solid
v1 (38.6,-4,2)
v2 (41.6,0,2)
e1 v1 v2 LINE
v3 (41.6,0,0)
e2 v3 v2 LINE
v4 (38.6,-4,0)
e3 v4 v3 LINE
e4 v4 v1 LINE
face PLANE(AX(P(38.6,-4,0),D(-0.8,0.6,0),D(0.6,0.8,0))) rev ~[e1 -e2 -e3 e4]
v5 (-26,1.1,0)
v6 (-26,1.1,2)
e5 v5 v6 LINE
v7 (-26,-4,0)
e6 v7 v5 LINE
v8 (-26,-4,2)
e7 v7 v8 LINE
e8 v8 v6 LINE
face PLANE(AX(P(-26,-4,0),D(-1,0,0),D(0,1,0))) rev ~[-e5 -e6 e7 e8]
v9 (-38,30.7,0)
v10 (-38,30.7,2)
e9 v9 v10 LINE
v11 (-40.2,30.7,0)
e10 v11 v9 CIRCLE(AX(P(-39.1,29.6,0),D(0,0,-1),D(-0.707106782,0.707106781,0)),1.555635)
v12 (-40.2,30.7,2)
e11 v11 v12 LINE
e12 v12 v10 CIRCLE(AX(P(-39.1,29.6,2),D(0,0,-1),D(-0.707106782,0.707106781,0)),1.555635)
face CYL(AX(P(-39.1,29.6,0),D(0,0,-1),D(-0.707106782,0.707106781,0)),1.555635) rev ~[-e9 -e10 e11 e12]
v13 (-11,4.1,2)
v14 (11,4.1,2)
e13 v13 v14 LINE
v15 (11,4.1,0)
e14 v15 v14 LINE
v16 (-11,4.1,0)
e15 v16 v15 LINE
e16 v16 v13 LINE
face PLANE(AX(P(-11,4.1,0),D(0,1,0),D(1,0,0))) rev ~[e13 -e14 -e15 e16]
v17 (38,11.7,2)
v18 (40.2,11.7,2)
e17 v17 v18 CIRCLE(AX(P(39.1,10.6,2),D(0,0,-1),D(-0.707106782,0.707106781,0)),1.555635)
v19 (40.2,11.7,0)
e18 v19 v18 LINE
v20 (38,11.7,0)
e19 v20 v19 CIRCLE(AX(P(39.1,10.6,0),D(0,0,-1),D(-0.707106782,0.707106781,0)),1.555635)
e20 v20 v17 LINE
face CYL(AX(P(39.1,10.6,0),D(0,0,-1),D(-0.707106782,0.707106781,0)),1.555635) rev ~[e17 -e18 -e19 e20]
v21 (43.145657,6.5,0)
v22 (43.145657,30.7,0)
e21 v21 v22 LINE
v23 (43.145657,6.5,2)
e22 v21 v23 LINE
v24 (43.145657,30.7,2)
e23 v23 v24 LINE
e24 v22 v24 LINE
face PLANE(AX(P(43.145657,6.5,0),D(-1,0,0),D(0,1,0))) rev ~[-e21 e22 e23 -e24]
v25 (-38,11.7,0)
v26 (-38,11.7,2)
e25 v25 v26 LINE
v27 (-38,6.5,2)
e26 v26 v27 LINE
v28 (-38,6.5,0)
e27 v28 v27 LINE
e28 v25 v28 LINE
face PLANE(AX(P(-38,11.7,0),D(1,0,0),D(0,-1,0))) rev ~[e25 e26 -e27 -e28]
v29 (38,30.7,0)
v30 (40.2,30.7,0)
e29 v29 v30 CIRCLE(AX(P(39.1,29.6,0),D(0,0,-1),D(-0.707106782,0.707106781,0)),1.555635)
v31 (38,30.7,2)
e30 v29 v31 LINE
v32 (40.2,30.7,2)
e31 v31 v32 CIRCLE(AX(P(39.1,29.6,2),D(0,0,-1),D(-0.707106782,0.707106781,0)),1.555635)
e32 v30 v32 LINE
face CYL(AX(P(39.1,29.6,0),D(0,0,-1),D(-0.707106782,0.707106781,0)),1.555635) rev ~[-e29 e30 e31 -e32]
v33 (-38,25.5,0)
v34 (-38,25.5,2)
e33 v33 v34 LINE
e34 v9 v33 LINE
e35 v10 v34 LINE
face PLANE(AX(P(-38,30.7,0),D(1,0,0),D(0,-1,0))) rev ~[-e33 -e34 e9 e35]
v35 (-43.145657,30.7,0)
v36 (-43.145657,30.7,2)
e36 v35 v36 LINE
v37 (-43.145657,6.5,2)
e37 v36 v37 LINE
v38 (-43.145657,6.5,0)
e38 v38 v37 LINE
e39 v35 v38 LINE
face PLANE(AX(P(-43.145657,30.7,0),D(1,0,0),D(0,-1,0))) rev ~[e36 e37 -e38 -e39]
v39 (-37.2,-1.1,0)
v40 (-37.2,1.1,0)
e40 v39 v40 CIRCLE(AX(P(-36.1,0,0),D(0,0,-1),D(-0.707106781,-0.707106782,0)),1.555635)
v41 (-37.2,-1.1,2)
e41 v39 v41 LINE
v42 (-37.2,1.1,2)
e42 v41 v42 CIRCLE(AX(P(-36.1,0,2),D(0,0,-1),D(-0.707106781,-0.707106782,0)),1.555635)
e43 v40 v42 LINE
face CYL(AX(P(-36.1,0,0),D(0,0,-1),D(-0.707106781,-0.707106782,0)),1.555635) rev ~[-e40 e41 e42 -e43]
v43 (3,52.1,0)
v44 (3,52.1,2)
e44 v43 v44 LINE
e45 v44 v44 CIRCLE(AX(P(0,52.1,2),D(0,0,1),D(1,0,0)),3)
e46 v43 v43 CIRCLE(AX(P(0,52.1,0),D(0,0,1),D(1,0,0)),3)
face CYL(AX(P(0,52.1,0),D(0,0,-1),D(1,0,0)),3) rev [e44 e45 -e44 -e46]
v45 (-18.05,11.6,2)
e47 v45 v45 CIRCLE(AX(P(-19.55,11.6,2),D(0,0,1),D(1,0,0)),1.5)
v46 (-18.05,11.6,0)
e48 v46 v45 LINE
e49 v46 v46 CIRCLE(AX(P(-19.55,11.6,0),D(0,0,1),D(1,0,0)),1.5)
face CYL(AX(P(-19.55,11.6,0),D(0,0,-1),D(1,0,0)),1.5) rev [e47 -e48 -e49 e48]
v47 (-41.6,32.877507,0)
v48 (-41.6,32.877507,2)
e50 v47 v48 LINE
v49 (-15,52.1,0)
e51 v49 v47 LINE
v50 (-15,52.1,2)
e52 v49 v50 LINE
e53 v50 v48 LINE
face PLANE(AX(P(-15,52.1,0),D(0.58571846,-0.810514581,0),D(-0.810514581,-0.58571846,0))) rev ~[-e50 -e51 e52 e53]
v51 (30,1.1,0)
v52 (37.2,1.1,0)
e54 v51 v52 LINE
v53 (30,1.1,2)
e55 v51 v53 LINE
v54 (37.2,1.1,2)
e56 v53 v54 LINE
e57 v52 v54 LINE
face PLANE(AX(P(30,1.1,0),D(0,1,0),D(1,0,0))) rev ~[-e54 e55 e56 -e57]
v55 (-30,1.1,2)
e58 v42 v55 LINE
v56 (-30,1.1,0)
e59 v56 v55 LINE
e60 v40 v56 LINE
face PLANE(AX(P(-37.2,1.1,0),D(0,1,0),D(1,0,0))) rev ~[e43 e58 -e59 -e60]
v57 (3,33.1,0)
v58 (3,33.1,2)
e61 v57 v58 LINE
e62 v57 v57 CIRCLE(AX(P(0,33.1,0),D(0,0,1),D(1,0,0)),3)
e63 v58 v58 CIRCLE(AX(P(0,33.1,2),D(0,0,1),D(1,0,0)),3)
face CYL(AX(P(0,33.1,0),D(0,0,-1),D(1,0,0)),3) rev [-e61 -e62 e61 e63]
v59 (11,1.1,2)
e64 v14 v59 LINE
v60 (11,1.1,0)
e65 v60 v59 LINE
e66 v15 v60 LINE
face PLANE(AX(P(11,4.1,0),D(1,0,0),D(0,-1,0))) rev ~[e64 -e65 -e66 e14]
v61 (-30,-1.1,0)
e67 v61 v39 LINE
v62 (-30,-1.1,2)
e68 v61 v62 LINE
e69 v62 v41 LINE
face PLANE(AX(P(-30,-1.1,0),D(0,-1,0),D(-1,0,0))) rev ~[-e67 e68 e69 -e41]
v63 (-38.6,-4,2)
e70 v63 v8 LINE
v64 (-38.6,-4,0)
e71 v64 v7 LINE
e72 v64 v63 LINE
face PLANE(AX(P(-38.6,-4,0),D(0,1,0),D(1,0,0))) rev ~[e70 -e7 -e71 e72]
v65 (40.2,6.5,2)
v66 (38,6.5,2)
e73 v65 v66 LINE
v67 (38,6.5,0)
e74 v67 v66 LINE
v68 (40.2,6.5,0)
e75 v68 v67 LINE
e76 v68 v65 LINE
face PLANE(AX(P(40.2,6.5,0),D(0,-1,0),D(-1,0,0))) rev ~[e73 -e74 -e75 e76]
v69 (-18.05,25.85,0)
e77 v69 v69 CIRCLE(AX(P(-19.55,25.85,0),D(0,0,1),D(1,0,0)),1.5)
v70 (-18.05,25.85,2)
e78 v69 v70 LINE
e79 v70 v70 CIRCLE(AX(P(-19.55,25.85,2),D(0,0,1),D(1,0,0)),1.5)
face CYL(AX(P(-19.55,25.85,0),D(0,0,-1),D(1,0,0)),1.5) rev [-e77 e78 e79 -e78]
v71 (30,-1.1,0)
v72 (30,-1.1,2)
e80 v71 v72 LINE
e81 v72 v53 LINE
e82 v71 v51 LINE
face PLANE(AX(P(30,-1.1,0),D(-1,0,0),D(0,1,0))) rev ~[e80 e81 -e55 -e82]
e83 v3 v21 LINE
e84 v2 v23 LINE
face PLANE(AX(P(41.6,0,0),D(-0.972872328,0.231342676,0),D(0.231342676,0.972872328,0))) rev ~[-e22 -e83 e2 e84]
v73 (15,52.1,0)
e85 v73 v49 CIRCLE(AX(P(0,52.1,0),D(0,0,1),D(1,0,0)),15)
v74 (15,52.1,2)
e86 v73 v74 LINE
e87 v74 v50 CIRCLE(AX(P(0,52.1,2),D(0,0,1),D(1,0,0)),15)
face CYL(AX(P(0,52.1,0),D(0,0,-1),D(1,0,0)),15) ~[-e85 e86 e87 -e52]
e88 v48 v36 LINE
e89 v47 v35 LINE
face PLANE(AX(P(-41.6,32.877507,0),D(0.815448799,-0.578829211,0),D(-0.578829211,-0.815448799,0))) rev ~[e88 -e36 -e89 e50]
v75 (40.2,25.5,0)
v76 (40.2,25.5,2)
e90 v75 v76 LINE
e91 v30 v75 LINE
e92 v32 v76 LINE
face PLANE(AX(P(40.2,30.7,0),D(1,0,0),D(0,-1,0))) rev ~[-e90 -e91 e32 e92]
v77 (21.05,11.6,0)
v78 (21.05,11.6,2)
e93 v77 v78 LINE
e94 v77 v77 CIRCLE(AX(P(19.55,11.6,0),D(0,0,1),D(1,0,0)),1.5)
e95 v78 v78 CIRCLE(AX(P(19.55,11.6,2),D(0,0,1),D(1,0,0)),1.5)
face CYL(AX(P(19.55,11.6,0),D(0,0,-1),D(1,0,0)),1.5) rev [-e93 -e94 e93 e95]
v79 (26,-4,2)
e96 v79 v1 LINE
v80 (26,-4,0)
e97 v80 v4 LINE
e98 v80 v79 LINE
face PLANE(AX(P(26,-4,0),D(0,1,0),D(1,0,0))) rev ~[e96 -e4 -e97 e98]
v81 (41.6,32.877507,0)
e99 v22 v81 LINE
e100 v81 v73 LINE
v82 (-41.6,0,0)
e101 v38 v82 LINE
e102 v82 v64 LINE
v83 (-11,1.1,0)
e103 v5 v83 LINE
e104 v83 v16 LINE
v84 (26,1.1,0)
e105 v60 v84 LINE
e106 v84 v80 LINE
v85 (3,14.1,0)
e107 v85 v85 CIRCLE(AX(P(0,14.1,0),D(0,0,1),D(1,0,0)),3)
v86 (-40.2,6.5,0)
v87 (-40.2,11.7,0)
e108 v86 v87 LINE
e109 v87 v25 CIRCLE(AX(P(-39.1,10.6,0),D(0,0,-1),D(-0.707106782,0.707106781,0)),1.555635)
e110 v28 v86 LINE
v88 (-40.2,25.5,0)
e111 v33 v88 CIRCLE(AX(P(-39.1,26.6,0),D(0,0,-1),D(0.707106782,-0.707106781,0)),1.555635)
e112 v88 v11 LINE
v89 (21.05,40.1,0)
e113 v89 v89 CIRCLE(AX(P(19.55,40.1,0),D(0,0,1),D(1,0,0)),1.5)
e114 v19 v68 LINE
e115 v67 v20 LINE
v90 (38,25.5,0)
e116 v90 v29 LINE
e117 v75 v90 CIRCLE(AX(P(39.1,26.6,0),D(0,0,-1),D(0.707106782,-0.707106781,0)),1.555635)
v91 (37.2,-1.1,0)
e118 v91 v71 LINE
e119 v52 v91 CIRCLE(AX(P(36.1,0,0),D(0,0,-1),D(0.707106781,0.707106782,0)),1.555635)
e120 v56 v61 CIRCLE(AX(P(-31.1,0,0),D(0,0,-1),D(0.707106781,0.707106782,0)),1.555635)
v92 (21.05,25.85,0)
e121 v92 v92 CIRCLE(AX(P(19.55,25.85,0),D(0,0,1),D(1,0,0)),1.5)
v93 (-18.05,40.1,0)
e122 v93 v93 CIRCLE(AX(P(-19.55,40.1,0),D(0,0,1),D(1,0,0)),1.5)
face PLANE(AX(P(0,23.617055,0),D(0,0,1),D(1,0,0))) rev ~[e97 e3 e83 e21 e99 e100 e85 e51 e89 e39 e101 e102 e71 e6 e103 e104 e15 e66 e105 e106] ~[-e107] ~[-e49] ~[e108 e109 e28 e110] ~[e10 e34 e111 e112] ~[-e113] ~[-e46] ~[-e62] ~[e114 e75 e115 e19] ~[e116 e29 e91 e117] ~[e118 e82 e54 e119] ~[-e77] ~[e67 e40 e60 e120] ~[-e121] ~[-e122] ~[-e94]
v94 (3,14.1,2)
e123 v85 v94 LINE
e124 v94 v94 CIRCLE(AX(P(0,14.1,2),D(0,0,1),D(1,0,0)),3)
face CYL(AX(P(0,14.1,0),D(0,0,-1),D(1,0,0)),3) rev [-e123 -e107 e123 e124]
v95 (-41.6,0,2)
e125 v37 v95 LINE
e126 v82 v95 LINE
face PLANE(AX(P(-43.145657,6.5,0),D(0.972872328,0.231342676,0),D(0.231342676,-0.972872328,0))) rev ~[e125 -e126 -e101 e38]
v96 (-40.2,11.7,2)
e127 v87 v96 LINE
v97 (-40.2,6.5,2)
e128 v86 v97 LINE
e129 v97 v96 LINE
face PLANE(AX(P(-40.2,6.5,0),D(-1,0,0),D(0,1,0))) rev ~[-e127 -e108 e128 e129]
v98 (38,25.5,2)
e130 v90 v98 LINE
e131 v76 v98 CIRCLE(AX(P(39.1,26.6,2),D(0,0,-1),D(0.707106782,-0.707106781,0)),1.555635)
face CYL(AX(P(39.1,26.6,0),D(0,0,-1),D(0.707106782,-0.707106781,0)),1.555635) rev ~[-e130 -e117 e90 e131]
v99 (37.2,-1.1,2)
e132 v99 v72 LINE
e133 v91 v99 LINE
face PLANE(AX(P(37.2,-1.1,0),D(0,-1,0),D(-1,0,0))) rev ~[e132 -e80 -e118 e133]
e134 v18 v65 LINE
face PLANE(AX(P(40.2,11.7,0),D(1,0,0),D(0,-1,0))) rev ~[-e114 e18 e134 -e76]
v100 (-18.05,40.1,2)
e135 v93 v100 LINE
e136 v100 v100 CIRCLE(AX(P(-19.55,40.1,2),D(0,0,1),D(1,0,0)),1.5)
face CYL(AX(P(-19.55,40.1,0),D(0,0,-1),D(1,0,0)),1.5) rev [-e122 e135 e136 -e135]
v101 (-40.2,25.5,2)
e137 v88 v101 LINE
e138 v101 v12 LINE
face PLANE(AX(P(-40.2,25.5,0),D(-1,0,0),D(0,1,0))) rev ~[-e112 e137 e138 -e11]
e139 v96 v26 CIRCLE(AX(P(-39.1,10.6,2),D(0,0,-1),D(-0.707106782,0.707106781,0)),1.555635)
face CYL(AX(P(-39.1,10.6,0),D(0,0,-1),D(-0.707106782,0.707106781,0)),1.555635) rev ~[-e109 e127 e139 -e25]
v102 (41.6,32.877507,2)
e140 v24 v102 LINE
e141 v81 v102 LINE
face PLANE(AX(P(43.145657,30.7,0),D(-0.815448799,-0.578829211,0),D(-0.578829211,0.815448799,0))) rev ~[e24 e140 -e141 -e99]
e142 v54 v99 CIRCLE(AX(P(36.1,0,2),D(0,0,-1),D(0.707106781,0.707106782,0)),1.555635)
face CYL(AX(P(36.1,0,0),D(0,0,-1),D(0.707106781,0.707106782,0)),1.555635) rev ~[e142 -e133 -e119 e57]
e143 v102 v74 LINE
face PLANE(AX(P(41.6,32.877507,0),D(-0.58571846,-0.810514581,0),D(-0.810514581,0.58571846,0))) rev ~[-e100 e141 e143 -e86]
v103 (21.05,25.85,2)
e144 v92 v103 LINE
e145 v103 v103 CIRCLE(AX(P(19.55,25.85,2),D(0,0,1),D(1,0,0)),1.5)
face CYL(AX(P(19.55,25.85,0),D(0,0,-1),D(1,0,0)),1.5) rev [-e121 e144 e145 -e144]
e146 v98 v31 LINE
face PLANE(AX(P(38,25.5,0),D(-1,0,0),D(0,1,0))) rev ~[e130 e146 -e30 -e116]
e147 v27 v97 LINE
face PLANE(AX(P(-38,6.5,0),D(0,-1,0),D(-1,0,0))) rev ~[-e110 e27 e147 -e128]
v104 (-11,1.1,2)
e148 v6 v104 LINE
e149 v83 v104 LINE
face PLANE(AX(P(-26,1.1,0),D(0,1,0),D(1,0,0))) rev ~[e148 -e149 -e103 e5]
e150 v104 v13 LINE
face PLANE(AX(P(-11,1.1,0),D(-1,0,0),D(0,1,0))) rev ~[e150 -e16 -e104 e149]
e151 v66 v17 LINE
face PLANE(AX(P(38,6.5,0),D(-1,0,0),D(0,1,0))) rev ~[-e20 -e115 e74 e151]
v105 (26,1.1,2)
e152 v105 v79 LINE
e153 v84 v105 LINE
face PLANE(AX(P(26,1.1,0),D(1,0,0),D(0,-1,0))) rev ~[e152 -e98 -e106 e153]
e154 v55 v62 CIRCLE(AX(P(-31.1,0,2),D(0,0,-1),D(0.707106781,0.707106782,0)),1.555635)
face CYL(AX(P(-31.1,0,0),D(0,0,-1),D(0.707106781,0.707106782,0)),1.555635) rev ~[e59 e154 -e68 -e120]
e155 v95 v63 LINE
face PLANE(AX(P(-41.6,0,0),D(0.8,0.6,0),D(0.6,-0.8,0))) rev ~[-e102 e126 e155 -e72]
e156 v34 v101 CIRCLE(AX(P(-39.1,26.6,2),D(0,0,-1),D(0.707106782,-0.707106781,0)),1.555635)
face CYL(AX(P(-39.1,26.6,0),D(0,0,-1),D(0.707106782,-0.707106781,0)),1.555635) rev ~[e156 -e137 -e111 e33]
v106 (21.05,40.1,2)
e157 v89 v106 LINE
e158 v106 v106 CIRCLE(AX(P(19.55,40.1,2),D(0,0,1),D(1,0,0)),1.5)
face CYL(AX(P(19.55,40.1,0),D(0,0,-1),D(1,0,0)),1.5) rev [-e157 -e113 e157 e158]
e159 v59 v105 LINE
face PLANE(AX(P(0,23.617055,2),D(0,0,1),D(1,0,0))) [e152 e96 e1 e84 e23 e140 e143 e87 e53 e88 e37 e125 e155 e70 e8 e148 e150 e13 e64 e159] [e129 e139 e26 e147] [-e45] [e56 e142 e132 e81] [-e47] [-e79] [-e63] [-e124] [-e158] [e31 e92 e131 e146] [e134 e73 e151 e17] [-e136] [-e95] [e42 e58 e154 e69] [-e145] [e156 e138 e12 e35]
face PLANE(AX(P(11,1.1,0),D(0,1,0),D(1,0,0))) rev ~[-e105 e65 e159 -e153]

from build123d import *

# Parameters (mm, degrees)
SKETCH_1_R      = 1.5
SKETCH_1_R_2    = 3
EXTRUDE_1_DEPTH = 2


with BuildPart() as part:
    # 草图1 → 凸台-拉伸1 (new body)
    with BuildSketch(Plane.XY):
        with BuildLine():
            Line((-38.6, -4), (-33.6, -4))
            Line((-33.6, -4), (-26, -4))
            Line((-26, -4), (-26, 1.1))
            Line((-26, 1.1), (-11, 1.1))
            Line((-11, 1.1), (-11, 4.1))
            Line((-11, 4.1), (11, 4.1))
            Line((11, 4.1), (11, 1.1))
            Line((11, 1.1), (26, 1.1))
            Line((26, 1.1), (26, -4))
            Line((26, -4), (33.6, -4))
            Line((33.6, -4), (38.6, -4))
            Line((38.6, -4), (41.6, 0))
            Line((41.6, 0), (43.145657482, 6.5))
            Line((43.145657482, 6.5), (43.145657482, 30.7))
            Line((43.145657482, 30.7), (41.6, 32.877506789))
            Line((41.6, 32.877506789), (15, 52.1))
            ThreePointArc((15, 52.1), (0, 67.1), (-15, 52.1))
            Line((-15, 52.1), (-41.6, 32.877506789))
            Line((-41.6, 32.877506789), (-43.145657482, 30.7))
            Line((-43.145657482, 30.7), (-43.145657482, 6.5))
            Line((-43.145657482, 6.5), (-41.6, 0))
            Line((-41.6, 0), (-38.6, -4))
        make_face()
        with BuildLine():
            Line((-30, -1.1), (-37.2, -1.1))
            ThreePointArc((-37.2, -1.1), (-37.655634919, 0), (-37.2, 1.1))
            Line((-37.2, 1.1), (-30, 1.1))
            ThreePointArc((-30, 1.1), (-29.544365081, 0), (-30, -1.1))
        make_face(mode=Mode.SUBTRACT)
        with BuildLine():
            Line((-40.2, 6.5), (-40.2, 11.7))
            ThreePointArc((-40.2, 11.7), (-39.1, 12.155634919), (-38, 11.7))
            Line((-38, 11.7), (-38, 6.5))
            Line((-38, 6.5), (-40.2, 6.5))
        make_face(mode=Mode.SUBTRACT)
        with Locations((-19.55, 11.6)):
            Circle(SKETCH_1_R, mode=Mode.SUBTRACT)
        with BuildLine():
            Line((-38, 30.7), (-38, 25.5))
            ThreePointArc((-38, 25.5), (-39.1, 25.044365081), (-40.2, 25.5))
            Line((-40.2, 25.5), (-40.2, 30.7))
            ThreePointArc((-40.2, 30.7), (-39.1, 31.155634919), (-38, 30.7))
        make_face(mode=Mode.SUBTRACT)
        with Locations((-19.55, 25.85)):
            Circle(SKETCH_1_R, mode=Mode.SUBTRACT)
        with Locations((19.55, 11.6)):
            Circle(SKETCH_1_R, mode=Mode.SUBTRACT)
        with BuildLine():
            Line((30, 1.1), (37.2, 1.1))
            ThreePointArc((37.2, 1.1), (37.655634919, 0), (37.2, -1.1))
            Line((37.2, -1.1), (30, -1.1))
            Line((30, -1.1), (30, 1.1))
        make_face(mode=Mode.SUBTRACT)
        with BuildLine():
            Line((38, 6.5), (38, 11.7))
            ThreePointArc((38, 11.7), (39.1, 12.155634919), (40.2, 11.7))
            Line((40.2, 11.7), (40.2, 6.5))
            Line((40.2, 6.5), (38, 6.5))
        make_face(mode=Mode.SUBTRACT)
        with Locations((0, 14.1)):
            Circle(SKETCH_1_R_2, mode=Mode.SUBTRACT)
        with Locations((19.55, 25.85)):
            Circle(SKETCH_1_R, mode=Mode.SUBTRACT)
        with BuildLine():
            Line((40.2, 30.7), (40.2, 25.5))
            ThreePointArc((40.2, 25.5), (39.1, 25.044365081), (38, 25.5))
            Line((38, 25.5), (38, 30.7))
            ThreePointArc((38, 30.7), (39.1, 31.155634919), (40.2, 30.7))
        make_face(mode=Mode.SUBTRACT)
        with Locations((-19.55, 40.1)):
            Circle(SKETCH_1_R, mode=Mode.SUBTRACT)
        with Locations((0, 33.1)):
            Circle(SKETCH_1_R_2, mode=Mode.SUBTRACT)
        with Locations((0, 52.1)):
            Circle(SKETCH_1_R_2, mode=Mode.SUBTRACT)
        with Locations((19.55, 40.1)):
            Circle(SKETCH_1_R, mode=Mode.SUBTRACT)
    extrude(amount=EXTRUDE_1_DEPTH)


solid = part.part
